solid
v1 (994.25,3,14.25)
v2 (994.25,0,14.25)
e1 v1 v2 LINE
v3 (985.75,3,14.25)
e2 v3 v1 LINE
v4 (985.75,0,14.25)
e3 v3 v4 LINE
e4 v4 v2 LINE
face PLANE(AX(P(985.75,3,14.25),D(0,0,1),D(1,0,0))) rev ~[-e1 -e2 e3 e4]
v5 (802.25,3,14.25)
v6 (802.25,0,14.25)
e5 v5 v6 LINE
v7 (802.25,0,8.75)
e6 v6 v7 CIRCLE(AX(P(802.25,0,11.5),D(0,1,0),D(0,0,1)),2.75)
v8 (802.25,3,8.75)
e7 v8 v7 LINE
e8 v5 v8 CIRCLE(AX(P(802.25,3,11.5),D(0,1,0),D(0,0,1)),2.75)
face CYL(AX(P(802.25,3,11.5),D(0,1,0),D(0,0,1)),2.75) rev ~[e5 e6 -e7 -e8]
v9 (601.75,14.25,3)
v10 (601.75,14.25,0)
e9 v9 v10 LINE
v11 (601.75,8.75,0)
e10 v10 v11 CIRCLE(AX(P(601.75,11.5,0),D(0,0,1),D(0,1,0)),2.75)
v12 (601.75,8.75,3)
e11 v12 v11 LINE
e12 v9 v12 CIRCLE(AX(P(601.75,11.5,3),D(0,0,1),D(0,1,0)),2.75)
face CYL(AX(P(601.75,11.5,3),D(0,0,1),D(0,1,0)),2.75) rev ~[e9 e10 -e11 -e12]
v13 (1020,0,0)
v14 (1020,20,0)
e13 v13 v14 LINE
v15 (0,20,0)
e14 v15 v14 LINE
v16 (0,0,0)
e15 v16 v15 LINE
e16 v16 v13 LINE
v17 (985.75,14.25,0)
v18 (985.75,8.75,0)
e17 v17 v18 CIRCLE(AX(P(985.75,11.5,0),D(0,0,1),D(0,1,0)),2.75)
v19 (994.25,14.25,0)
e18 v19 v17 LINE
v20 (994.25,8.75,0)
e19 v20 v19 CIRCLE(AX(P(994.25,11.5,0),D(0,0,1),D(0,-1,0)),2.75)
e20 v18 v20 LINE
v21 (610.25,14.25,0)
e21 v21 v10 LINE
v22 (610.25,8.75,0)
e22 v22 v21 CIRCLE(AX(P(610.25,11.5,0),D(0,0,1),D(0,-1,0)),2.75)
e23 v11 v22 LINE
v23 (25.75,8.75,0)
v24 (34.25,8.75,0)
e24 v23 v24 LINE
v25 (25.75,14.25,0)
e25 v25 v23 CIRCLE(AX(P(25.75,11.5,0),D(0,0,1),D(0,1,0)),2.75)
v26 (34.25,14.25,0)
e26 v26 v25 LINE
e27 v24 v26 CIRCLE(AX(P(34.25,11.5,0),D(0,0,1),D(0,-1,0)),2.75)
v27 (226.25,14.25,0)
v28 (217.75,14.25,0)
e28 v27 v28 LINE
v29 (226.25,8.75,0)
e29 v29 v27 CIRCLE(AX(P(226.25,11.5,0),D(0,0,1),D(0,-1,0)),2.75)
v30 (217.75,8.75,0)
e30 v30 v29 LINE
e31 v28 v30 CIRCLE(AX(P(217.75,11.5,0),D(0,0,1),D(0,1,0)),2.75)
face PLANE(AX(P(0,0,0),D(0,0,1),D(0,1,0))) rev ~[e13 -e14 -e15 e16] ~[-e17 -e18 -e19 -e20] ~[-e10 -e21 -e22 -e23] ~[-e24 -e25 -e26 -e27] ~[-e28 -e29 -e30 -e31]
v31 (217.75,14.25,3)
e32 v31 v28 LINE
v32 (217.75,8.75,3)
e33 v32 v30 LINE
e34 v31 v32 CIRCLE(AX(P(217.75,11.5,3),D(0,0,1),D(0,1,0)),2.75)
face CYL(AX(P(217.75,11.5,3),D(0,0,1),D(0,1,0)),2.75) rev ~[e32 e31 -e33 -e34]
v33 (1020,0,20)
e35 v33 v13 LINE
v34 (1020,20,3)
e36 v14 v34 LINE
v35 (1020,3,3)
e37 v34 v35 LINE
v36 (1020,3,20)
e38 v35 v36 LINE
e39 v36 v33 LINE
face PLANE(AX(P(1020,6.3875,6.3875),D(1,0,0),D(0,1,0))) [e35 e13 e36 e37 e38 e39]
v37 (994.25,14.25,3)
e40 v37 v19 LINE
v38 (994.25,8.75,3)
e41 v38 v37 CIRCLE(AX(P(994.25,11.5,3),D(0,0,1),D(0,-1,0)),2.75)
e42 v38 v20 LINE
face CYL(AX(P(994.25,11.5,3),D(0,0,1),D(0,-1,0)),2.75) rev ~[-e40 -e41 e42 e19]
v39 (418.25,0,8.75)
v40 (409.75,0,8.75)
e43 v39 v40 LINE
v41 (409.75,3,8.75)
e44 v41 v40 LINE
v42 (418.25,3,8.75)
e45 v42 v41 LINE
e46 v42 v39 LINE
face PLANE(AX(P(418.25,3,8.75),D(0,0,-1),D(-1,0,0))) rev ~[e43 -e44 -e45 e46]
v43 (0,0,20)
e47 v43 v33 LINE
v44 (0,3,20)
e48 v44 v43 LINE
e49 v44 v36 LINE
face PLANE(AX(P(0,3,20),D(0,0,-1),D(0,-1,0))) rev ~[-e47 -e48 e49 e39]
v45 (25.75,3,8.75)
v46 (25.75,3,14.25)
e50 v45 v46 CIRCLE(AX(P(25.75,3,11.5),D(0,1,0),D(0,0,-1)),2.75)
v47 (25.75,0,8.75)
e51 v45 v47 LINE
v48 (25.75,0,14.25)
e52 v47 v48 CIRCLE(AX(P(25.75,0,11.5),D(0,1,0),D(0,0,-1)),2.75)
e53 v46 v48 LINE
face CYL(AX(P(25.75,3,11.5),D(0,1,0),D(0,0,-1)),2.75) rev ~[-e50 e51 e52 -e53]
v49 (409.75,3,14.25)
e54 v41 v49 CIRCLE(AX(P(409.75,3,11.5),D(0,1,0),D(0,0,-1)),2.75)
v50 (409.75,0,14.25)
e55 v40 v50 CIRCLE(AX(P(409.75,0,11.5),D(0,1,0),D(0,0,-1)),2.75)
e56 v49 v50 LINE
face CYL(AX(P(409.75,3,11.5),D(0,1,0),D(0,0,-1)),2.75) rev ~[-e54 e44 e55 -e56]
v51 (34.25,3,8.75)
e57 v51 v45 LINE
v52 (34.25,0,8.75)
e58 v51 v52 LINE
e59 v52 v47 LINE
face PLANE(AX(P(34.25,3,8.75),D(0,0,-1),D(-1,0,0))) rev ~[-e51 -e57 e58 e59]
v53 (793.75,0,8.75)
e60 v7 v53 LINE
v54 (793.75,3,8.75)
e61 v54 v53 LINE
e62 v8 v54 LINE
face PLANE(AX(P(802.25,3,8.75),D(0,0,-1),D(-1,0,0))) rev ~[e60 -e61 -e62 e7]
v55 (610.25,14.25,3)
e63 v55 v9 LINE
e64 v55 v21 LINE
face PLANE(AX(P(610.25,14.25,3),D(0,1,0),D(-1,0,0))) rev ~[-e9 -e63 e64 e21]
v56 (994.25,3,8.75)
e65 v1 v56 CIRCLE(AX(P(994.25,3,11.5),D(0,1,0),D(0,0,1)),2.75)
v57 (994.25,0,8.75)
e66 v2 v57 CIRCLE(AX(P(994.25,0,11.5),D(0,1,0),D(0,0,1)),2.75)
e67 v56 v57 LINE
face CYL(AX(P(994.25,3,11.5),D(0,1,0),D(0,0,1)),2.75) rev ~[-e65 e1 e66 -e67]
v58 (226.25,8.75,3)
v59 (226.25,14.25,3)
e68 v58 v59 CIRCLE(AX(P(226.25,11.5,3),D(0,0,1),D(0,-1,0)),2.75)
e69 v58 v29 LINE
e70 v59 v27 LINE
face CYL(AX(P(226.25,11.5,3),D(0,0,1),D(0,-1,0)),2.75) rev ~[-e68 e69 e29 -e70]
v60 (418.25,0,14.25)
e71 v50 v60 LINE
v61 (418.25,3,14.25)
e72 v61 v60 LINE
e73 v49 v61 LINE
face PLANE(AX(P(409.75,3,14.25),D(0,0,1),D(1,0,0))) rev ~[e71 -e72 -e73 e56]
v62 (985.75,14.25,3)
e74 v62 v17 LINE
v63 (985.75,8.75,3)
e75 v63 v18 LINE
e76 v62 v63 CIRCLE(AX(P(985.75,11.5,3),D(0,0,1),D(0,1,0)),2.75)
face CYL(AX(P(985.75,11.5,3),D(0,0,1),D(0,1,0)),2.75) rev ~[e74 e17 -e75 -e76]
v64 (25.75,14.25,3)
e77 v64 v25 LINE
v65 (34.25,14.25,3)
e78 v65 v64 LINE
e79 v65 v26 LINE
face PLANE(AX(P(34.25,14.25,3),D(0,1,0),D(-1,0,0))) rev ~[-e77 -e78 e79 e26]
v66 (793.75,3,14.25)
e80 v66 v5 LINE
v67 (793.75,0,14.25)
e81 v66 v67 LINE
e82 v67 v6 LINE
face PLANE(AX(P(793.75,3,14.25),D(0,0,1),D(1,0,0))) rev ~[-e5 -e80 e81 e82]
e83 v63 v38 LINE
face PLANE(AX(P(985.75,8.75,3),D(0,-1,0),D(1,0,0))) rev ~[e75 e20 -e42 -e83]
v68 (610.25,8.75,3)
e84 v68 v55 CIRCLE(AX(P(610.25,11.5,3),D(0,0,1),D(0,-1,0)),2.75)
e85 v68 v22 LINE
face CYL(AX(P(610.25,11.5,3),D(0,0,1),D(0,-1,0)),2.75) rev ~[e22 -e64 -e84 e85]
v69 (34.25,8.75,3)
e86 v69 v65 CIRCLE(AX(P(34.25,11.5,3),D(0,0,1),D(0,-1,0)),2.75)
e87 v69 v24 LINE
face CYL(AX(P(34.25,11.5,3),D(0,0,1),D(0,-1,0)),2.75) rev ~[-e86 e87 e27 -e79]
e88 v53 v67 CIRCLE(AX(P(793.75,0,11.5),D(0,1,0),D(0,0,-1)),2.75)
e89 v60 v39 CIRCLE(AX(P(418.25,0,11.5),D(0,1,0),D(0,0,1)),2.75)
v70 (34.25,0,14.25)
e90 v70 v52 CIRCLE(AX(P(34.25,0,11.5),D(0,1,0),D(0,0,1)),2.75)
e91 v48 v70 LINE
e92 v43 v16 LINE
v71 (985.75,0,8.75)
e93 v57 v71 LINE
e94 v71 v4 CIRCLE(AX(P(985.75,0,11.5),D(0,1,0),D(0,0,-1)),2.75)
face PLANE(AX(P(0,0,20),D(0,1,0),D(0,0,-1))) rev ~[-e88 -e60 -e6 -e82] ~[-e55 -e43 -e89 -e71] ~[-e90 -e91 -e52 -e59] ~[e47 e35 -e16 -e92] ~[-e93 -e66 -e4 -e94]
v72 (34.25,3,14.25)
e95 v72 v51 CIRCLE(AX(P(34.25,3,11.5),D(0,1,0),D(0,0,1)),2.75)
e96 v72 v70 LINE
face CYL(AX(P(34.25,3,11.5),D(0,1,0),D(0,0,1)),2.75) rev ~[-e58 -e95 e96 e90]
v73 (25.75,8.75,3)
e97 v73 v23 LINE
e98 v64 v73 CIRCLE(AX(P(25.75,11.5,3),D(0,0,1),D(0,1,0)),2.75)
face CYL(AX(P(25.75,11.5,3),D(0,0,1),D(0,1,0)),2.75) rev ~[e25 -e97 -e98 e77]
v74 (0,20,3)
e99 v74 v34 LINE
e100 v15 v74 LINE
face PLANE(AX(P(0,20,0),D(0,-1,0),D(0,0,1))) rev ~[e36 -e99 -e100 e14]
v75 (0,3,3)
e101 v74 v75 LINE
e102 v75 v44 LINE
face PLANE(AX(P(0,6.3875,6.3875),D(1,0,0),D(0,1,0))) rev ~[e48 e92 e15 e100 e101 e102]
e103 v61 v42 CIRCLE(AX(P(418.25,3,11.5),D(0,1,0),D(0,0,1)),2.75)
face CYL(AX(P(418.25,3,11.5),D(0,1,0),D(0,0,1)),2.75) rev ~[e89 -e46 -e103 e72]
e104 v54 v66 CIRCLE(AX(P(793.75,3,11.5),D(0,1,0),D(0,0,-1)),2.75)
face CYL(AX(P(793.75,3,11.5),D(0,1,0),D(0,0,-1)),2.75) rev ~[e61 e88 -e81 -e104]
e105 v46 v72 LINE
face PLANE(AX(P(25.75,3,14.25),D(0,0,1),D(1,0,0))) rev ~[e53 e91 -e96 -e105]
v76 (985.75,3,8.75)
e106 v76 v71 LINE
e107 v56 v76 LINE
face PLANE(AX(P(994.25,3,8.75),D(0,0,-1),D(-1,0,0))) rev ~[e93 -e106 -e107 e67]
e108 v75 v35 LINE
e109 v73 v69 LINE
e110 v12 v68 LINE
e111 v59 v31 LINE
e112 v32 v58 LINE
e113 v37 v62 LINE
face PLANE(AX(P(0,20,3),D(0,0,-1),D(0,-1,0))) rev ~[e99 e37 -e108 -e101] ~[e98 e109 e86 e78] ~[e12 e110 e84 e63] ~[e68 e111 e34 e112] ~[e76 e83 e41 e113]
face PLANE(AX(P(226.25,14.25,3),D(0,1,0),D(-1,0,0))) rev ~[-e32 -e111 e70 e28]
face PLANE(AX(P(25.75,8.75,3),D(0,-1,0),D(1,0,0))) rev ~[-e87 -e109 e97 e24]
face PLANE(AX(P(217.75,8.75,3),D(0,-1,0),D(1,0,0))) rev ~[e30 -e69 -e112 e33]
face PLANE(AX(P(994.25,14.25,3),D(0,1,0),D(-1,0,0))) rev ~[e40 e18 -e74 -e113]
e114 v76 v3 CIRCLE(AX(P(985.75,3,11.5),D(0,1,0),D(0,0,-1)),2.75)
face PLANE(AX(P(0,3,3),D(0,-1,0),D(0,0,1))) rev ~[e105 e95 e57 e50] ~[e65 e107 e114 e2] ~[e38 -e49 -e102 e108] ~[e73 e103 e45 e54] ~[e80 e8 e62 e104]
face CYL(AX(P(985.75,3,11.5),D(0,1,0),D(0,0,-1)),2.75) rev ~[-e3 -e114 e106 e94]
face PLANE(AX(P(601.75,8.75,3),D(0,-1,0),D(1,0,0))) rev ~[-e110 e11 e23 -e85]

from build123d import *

# Parameters (mm, degrees)
F1_DEPTH = 1020
F3_DEPTH = 3
F5_DEPTH = 3


with BuildPart() as f1:
    # F0 (on Right) → F1 (new body)
    with BuildSketch(Plane.YZ):
        Polygon((0, 20), (0, 0), (20, 0), (20, 3), (3, 3), (3, 20), align=None)
    extrude(amount=F1_DEPTH)

    # F2 (on face) → F3 (cut)
    with BuildSketch(Plane(origin=(0, 3, 0), x_dir=(-1, 0, 0), z_dir=(0, 1, 0))):
        with BuildLine():
            Line((-985.75, 14.25), (-994.25, 14.25))
            ThreePointArc((-994.25, 14.25), (-997, 11.5), (-994.25, 8.75))
            Line((-994.25, 8.75), (-985.75, 8.75))
            ThreePointArc((-985.75, 8.75), (-983, 11.5), (-985.75, 14.25))
        make_face()
        with BuildLine():
            Line((-25.75, 14.25), (-34.25, 14.25))
            ThreePointArc((-34.25, 14.25), (-37, 11.5), (-34.25, 8.75))
            Line((-34.25, 8.75), (-25.75, 8.75))
            ThreePointArc((-25.75, 8.75), (-23, 11.5), (-25.75, 14.25))
        make_face()
        with BuildLine():
            Line((-793.75, 14.25), (-802.25, 14.25))
            ThreePointArc((-802.25, 14.25), (-805, 11.5), (-802.25, 8.75))
            Line((-802.25, 8.75), (-793.75, 8.75))
            ThreePointArc((-793.75, 8.75), (-791, 11.5), (-793.75, 14.25))
        make_face()
        with BuildLine():
            Line((-409.75, 14.25), (-418.25, 14.25))
            ThreePointArc((-418.25, 14.25), (-421, 11.5), (-418.25, 8.75))
            Line((-418.25, 8.75), (-409.75, 8.75))
            ThreePointArc((-409.75, 8.75), (-407, 11.5), (-409.75, 14.25))
        make_face()
    extrude(amount=-F3_DEPTH, mode=Mode.SUBTRACT)

    # F4 (on face) → F5 (cut)
    with BuildSketch(Plane.XY.offset(3)):
        with BuildLine():
            Line((994.25, 14.25), (985.75, 14.25))
            ThreePointArc((985.75, 14.25), (983, 11.5), (985.75, 8.75))
            Line((985.75, 8.75), (994.25, 8.75))
            ThreePointArc((994.25, 8.75), (997, 11.5), (994.25, 14.25))
        make_face()
        with BuildLine():
            Line((226.25, 14.25), (217.75, 14.25))
            ThreePointArc((217.75, 14.25), (215, 11.5), (217.75, 8.75))
            Line((217.75, 8.75), (226.25, 8.75))
            ThreePointArc((226.25, 8.75), (229, 11.5), (226.25, 14.25))
        make_face()
        with BuildLine():
            Line((34.25, 14.25), (25.75, 14.25))
            ThreePointArc((25.75, 14.25), (23, 11.5), (25.75, 8.75))
            Line((25.75, 8.75), (34.25, 8.75))
            ThreePointArc((34.25, 8.75), (37, 11.5), (34.25, 14.25))
        make_face()
        with BuildLine():
            Line((610.25, 14.25), (601.75, 14.25))
            ThreePointArc((601.75, 14.25), (599, 11.5), (601.75, 8.75))
            Line((601.75, 8.75), (610.25, 8.75))
            ThreePointArc((610.25, 8.75), (613, 11.5), (610.25, 14.25))
        make_face()
    extrude(amount=-F5_DEPTH, mode=Mode.SUBTRACT)


solid = f1.part
